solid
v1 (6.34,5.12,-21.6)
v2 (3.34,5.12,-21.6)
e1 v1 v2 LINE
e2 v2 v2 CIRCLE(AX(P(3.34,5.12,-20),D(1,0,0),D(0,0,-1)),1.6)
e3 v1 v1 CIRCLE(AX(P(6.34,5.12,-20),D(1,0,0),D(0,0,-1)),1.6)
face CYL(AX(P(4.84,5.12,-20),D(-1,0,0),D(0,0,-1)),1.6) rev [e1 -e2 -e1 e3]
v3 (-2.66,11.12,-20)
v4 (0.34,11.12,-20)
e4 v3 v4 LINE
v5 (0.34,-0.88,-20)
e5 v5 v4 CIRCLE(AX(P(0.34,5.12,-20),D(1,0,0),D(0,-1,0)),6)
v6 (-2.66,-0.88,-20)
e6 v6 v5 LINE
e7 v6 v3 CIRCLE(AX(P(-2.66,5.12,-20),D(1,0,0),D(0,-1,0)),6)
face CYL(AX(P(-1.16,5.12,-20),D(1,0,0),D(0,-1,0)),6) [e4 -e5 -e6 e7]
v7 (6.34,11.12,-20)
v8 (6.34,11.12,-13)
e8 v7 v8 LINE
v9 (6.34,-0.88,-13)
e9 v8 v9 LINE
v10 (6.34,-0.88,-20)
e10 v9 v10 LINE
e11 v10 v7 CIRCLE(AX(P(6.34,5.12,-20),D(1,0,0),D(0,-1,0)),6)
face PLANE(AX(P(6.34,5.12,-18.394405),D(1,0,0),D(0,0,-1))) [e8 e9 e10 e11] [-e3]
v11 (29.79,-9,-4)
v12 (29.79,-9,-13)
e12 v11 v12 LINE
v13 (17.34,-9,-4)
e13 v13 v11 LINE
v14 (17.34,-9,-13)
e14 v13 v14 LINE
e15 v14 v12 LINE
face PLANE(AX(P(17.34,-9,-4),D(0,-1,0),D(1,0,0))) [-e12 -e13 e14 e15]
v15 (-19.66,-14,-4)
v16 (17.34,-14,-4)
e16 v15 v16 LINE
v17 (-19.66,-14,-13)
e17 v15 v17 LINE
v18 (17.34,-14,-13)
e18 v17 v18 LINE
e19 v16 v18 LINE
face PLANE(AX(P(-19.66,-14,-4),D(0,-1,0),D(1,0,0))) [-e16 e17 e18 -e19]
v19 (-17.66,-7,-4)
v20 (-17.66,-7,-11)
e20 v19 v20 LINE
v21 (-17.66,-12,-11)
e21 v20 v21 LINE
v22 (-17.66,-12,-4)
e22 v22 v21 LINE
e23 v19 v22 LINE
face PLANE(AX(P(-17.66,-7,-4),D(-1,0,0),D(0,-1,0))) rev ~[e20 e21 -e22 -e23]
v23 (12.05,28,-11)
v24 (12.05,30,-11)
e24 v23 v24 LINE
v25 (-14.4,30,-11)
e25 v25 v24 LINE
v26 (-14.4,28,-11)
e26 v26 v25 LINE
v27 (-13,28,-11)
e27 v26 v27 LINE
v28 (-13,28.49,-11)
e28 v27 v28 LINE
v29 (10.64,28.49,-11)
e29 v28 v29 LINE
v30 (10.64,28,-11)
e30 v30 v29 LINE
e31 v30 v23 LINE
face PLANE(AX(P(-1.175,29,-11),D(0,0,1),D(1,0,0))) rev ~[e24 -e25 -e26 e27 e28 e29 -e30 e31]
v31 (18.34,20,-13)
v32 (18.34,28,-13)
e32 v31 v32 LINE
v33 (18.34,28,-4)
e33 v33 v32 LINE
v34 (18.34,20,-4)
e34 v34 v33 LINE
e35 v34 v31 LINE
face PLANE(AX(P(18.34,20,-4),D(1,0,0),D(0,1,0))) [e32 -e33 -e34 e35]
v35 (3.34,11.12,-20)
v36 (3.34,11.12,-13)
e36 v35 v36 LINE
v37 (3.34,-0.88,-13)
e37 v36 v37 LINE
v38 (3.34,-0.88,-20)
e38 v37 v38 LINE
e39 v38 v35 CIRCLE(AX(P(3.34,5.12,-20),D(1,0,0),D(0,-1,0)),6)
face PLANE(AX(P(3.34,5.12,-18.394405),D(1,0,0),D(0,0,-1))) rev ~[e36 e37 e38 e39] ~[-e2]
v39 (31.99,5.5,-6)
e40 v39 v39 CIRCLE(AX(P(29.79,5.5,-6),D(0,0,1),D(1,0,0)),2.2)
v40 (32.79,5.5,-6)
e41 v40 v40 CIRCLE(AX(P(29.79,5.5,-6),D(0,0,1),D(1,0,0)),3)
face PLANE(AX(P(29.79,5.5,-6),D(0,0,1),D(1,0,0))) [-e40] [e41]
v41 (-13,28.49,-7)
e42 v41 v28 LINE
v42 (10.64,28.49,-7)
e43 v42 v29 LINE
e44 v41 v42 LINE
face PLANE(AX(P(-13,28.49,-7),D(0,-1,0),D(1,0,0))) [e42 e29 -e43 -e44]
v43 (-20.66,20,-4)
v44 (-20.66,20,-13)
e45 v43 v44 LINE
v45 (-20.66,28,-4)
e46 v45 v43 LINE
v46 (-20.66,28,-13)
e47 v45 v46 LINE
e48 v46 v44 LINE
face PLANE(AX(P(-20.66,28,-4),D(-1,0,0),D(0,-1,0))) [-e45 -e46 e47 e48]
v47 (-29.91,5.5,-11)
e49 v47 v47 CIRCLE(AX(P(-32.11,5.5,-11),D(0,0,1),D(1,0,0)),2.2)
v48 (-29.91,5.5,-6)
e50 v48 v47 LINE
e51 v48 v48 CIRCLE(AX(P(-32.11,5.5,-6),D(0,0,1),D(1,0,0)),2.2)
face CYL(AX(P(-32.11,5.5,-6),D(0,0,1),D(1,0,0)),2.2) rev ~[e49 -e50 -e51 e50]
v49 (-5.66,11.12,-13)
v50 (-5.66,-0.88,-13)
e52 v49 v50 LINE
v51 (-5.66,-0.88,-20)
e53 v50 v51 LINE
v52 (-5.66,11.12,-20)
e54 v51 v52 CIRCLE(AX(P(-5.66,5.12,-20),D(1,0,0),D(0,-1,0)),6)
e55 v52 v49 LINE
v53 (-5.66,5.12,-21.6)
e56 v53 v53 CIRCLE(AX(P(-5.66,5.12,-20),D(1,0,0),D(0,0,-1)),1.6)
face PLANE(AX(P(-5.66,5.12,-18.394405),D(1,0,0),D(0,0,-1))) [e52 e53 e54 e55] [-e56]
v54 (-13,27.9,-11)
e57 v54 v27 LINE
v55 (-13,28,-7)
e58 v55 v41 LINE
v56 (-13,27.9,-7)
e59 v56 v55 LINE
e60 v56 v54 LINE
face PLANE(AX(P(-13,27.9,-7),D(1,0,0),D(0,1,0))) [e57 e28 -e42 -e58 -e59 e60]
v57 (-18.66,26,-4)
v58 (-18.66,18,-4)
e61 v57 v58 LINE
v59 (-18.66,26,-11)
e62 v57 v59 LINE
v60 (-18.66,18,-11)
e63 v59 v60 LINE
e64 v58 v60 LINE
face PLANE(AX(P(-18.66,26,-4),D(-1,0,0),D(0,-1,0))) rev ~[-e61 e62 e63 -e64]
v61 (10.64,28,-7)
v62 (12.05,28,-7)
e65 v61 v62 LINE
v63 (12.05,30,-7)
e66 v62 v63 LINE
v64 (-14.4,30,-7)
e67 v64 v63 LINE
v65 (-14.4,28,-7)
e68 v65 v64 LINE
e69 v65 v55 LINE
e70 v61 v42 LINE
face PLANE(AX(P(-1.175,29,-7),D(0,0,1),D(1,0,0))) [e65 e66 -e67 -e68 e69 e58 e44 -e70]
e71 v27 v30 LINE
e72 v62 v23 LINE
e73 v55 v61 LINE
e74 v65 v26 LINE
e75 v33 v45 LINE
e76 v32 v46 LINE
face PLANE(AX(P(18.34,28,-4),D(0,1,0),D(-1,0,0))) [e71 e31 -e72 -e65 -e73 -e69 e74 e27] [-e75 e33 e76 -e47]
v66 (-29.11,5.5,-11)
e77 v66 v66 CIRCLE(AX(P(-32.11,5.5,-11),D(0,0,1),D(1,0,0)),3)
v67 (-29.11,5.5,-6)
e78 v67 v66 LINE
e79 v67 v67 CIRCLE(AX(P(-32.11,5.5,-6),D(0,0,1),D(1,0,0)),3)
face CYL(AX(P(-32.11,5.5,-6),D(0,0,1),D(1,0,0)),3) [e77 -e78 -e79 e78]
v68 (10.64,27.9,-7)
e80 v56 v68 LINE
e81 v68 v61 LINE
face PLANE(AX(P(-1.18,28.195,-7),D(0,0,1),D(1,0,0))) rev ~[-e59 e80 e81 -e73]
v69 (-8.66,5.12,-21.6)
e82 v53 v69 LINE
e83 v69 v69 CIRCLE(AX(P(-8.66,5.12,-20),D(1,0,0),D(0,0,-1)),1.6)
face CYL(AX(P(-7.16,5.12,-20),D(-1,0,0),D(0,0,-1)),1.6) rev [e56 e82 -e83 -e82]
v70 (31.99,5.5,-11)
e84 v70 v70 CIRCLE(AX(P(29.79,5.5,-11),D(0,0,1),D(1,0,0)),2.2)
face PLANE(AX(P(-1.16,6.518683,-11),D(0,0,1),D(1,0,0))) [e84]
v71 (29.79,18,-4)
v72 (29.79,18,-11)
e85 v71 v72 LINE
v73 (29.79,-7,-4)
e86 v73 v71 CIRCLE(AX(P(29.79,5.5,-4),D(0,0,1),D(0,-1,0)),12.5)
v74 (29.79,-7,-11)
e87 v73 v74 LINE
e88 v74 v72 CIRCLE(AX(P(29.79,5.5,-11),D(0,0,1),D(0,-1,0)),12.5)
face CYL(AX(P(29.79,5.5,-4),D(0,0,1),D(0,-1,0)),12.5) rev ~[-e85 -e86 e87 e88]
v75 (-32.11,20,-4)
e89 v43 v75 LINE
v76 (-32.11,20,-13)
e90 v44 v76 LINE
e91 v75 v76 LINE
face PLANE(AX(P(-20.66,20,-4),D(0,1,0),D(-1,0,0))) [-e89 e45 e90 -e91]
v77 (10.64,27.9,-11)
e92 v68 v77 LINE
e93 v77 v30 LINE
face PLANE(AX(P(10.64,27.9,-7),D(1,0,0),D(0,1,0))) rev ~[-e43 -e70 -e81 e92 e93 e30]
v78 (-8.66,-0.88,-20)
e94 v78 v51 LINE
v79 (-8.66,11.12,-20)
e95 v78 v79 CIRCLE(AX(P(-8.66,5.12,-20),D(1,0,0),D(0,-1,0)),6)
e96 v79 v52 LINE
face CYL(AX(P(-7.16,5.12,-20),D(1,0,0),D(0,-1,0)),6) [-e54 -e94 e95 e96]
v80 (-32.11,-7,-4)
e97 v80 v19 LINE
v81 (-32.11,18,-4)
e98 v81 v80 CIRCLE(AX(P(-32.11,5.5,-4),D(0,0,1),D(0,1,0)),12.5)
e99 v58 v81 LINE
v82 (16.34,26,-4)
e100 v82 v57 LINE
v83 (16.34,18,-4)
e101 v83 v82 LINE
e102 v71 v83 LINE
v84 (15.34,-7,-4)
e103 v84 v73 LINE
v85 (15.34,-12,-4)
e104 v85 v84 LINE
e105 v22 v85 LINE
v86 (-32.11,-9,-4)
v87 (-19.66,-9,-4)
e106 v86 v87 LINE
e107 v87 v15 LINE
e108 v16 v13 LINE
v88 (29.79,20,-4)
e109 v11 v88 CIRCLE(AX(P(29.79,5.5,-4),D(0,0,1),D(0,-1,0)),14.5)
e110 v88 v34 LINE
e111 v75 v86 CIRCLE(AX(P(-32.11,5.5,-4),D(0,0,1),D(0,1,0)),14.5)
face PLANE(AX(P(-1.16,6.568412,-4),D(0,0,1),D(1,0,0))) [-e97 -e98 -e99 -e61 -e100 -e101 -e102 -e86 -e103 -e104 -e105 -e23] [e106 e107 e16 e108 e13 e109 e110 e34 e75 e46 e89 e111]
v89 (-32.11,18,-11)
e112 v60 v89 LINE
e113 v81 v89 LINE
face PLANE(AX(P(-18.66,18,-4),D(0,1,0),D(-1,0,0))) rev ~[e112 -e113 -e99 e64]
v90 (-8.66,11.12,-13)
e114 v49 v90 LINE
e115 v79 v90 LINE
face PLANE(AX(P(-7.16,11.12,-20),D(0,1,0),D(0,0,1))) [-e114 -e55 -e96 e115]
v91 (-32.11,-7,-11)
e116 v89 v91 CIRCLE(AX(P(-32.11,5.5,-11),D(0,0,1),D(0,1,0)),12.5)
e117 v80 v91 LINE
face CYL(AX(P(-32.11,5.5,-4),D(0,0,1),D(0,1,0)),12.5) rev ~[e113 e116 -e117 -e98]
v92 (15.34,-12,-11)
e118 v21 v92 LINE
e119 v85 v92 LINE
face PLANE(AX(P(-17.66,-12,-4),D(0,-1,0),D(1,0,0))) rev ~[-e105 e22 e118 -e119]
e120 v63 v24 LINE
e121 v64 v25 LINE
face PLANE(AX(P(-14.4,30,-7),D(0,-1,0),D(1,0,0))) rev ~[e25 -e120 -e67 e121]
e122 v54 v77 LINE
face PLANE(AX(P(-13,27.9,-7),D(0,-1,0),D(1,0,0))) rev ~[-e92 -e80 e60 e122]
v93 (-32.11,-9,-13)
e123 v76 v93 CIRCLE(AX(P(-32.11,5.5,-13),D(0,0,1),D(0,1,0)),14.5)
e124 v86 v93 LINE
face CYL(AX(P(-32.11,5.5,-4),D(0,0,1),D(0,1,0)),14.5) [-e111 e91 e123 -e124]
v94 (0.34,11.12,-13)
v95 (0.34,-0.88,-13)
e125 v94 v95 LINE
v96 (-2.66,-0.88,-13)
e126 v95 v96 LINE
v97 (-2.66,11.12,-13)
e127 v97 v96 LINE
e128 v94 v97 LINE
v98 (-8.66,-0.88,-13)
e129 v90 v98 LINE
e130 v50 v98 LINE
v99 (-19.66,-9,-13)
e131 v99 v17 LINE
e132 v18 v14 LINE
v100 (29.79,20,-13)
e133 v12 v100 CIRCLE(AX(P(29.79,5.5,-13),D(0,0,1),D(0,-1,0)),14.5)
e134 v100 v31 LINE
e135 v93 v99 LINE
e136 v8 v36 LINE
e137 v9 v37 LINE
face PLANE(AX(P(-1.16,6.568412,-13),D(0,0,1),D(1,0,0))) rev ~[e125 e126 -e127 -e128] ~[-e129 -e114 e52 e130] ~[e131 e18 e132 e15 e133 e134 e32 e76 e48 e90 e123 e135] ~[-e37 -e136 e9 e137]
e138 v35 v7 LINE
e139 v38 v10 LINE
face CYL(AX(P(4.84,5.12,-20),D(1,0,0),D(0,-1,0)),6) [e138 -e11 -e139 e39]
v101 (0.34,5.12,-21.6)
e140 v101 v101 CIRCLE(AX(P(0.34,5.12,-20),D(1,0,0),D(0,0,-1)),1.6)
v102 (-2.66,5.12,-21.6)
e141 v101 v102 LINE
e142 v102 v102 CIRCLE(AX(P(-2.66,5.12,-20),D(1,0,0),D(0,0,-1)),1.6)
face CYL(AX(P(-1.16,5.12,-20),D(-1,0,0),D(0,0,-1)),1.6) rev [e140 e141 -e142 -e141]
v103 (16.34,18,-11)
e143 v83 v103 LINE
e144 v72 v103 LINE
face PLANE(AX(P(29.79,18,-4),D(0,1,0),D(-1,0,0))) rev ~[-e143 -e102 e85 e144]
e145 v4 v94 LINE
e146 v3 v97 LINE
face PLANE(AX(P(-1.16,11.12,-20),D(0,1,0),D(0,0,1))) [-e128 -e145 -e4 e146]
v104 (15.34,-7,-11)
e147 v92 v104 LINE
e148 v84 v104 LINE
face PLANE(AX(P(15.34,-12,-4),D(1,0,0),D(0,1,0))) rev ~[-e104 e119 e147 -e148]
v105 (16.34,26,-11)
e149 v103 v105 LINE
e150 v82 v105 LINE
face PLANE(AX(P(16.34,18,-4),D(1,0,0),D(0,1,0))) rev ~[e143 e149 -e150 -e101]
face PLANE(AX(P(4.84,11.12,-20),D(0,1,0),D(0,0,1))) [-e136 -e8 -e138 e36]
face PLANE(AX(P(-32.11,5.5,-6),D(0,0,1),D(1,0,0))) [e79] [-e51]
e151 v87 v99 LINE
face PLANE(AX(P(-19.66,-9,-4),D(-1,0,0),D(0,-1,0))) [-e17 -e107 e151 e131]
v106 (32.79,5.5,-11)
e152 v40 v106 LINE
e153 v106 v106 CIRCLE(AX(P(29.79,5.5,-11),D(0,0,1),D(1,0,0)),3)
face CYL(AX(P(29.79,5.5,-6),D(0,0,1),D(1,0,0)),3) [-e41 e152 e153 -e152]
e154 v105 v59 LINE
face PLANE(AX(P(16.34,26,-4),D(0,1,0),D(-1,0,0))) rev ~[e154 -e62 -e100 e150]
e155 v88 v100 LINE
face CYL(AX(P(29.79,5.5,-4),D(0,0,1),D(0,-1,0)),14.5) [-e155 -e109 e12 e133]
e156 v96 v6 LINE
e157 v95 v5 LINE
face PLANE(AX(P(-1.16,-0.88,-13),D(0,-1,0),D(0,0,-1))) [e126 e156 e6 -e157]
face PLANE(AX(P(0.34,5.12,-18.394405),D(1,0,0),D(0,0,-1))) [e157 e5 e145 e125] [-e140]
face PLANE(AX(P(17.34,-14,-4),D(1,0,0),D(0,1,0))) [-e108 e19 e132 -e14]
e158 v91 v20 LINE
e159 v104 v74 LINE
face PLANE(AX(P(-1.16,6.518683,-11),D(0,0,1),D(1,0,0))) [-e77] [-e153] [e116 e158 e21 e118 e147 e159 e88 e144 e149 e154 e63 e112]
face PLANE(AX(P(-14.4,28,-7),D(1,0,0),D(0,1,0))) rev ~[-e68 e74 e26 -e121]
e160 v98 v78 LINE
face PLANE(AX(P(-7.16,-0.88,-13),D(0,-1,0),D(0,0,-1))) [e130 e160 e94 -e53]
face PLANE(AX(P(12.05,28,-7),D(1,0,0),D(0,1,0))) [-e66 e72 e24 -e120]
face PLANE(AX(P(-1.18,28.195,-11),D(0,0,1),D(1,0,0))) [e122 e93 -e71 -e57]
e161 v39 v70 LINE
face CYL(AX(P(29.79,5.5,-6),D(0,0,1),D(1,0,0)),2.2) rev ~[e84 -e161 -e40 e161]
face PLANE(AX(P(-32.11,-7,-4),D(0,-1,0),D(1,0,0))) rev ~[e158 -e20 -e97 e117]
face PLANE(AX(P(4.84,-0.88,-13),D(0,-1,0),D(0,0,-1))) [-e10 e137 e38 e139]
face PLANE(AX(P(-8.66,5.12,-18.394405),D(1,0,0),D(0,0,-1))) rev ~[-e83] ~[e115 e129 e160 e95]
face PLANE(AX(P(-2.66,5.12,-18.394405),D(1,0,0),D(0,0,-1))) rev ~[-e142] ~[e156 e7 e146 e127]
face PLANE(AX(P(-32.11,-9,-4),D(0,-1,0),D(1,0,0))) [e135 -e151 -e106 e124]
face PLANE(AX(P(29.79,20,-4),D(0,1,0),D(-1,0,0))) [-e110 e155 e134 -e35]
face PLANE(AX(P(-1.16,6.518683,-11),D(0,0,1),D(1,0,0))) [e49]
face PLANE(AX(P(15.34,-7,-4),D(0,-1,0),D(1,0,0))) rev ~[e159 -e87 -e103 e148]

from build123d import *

# Parameters (mm, degrees)
BACK_COVER_DEPTH     = 9
COVER_POCKET_DEPTH   = 7
SK_POSTS_R           = 3
SK_POSTS_R_2         = 2.2
IR_BOARD_POSTS_DEPTH = 5
SK_CAP_W             = 26.45
SK_CAP_H             = 2
CABLE_CAP_DEPTH      = 4
SK_CAPSLOT_W         = 23.64
SK_CAPSLOT_H         = 0.59
RIBBON_SLOT_DEPTH    = 4
SK_FINGER1_R         = 1.6
HINGE_FINGER_1_DEPTH = 1.5
SK_FINGER2_R         = 1.6
HINGE_FINGER_2_DEPTH = 1.5
SK_FINGER3_R         = 1.6
HINGE_FINGER_3_DEPTH = 1.5


with BuildPart() as part:
    # Sk_SkirtOuter → Back Cover (new body)
    with BuildSketch(Plane.XY.offset(-4)):
        with BuildLine():
            Line((29.79, 20), (18.34, 20))
            Line((18.34, 20), (18.34, 28))
            Line((18.34, 28), (-20.66, 28))
            Line((-20.66, 28), (-20.66, 20))
            Line((-20.66, 20), (-32.11, 20))
            ThreePointArc((-32.11, 20), (-46.61, 5.5), (-32.11, -9))
            Line((-32.11, -9), (-19.66, -9))
            Line((-19.66, -9), (-19.66, -14))
            Line((-19.66, -14), (17.34, -14))
            Line((17.34, -14), (17.34, -9))
            Line((17.34, -9), (29.79, -9))
            ThreePointArc((29.79, -9), (44.29, 5.5), (29.79, 20))
        make_face()
    extrude(amount=-BACK_COVER_DEPTH)

    # Sk_SkirtInner → Cover Pocket (cut)
    with BuildSketch(Plane.XY.offset(-4)):
        with BuildLine():
            Line((29.79, 18), (16.34, 18))
            Line((16.34, 18), (16.34, 26))
            Line((16.34, 26), (-18.66, 26))
            Line((-18.66, 26), (-18.66, 18))
            Line((-18.66, 18), (-32.11, 18))
            ThreePointArc((-32.11, 18), (-44.61, 5.5), (-32.11, -7))
            Line((-32.11, -7), (-17.66, -7))
            Line((-17.66, -7), (-17.66, -12))
            Line((-17.66, -12), (15.34, -12))
            Line((15.34, -12), (15.34, -7))
            Line((15.34, -7), (29.79, -7))
            ThreePointArc((29.79, -7), (42.29, 5.5), (29.79, 18))
        make_face()
    extrude(amount=-COVER_POCKET_DEPTH, mode=Mode.SUBTRACT)

    # Sk_Posts → IR Board Posts (add)
    # profile 1 of 2: a face of its own
    with BuildSketch(Plane.XY.offset(-6)):
        with Locations((-32.11, 5.5)):
            Circle(SK_POSTS_R)
        with Locations((-32.11, 5.5)):
            Circle(SK_POSTS_R_2, mode=Mode.SUBTRACT)
    # profile 2 of 2: a face of its own
    with BuildSketch(Plane.XY.offset(-6)):
        with Locations((29.79, 5.5)):
            Circle(SK_POSTS_R)
        with Locations((29.79, 5.5)):
            Circle(SK_POSTS_R_2, mode=Mode.SUBTRACT)
    extrude(amount=-IR_BOARD_POSTS_DEPTH)

    # Sk_Cap → Cable Cap (add)
    with BuildSketch(Plane.XY.offset(-7)):
        with Locations((-1.175, 29)):
            Rectangle(SK_CAP_W, SK_CAP_H)
    extrude(amount=-CABLE_CAP_DEPTH)

    # Sk_CapSlot → Ribbon Slot (cut)
    with BuildSketch(Plane.XY.offset(-7)):
        with Locations((-1.18, 28.195)):
            Rectangle(SK_CAPSLOT_W, SK_CAPSLOT_H)
    extrude(amount=-RIBBON_SLOT_DEPTH, mode=Mode.SUBTRACT)

    # Sk_Finger1 → Hinge Finger 1 (add, symmetric)
    with BuildSketch(Plane(origin=(-7.16, 0, 0), x_dir=(0, 0, -1), z_dir=(1, 0, 0))):
        with BuildLine():
            Line((13, -0.88), (20, -0.88))
            ThreePointArc((20, -0.88), (26, 5.12), (20, 11.12))
            Line((20, 11.12), (13, 11.12))
            Line((13, 11.12), (13, -0.88))
        make_face()
        with Locations((20, 5.12)):
            Circle(SK_FINGER1_R, mode=Mode.SUBTRACT)
    extrude(amount=HINGE_FINGER_1_DEPTH, both=True)

    # Sk_Finger2 → Hinge Finger 2 (add, symmetric)
    with BuildSketch(Plane(origin=(-1.16, 0, 0), x_dir=(0, 0, -1), z_dir=(1, 0, 0))):
        with BuildLine():
            Line((13, -0.88), (20, -0.88))
            ThreePointArc((20, -0.88), (26, 5.12), (20, 11.12))
            Line((20, 11.12), (13, 11.12))
            Line((13, 11.12), (13, -0.88))
        make_face()
        with Locations((20, 5.12)):
            Circle(SK_FINGER2_R, mode=Mode.SUBTRACT)
    extrude(amount=HINGE_FINGER_2_DEPTH, both=True)

    # Sk_Finger3 → Hinge Finger 3 (add, symmetric)
    with BuildSketch(Plane(origin=(4.84, 0, 0), x_dir=(0, 0, -1), z_dir=(1, 0, 0))):
        with BuildLine():
            Line((13, -0.88), (20, -0.88))
            ThreePointArc((20, -0.88), (26, 5.12), (20, 11.12))
            Line((20, 11.12), (13, 11.12))
            Line((13, 11.12), (13, -0.88))
        make_face()
        with Locations((20, 5.12)):
            Circle(SK_FINGER3_R, mode=Mode.SUBTRACT)
    extrude(amount=HINGE_FINGER_3_DEPTH, both=True)


solid = part.part
